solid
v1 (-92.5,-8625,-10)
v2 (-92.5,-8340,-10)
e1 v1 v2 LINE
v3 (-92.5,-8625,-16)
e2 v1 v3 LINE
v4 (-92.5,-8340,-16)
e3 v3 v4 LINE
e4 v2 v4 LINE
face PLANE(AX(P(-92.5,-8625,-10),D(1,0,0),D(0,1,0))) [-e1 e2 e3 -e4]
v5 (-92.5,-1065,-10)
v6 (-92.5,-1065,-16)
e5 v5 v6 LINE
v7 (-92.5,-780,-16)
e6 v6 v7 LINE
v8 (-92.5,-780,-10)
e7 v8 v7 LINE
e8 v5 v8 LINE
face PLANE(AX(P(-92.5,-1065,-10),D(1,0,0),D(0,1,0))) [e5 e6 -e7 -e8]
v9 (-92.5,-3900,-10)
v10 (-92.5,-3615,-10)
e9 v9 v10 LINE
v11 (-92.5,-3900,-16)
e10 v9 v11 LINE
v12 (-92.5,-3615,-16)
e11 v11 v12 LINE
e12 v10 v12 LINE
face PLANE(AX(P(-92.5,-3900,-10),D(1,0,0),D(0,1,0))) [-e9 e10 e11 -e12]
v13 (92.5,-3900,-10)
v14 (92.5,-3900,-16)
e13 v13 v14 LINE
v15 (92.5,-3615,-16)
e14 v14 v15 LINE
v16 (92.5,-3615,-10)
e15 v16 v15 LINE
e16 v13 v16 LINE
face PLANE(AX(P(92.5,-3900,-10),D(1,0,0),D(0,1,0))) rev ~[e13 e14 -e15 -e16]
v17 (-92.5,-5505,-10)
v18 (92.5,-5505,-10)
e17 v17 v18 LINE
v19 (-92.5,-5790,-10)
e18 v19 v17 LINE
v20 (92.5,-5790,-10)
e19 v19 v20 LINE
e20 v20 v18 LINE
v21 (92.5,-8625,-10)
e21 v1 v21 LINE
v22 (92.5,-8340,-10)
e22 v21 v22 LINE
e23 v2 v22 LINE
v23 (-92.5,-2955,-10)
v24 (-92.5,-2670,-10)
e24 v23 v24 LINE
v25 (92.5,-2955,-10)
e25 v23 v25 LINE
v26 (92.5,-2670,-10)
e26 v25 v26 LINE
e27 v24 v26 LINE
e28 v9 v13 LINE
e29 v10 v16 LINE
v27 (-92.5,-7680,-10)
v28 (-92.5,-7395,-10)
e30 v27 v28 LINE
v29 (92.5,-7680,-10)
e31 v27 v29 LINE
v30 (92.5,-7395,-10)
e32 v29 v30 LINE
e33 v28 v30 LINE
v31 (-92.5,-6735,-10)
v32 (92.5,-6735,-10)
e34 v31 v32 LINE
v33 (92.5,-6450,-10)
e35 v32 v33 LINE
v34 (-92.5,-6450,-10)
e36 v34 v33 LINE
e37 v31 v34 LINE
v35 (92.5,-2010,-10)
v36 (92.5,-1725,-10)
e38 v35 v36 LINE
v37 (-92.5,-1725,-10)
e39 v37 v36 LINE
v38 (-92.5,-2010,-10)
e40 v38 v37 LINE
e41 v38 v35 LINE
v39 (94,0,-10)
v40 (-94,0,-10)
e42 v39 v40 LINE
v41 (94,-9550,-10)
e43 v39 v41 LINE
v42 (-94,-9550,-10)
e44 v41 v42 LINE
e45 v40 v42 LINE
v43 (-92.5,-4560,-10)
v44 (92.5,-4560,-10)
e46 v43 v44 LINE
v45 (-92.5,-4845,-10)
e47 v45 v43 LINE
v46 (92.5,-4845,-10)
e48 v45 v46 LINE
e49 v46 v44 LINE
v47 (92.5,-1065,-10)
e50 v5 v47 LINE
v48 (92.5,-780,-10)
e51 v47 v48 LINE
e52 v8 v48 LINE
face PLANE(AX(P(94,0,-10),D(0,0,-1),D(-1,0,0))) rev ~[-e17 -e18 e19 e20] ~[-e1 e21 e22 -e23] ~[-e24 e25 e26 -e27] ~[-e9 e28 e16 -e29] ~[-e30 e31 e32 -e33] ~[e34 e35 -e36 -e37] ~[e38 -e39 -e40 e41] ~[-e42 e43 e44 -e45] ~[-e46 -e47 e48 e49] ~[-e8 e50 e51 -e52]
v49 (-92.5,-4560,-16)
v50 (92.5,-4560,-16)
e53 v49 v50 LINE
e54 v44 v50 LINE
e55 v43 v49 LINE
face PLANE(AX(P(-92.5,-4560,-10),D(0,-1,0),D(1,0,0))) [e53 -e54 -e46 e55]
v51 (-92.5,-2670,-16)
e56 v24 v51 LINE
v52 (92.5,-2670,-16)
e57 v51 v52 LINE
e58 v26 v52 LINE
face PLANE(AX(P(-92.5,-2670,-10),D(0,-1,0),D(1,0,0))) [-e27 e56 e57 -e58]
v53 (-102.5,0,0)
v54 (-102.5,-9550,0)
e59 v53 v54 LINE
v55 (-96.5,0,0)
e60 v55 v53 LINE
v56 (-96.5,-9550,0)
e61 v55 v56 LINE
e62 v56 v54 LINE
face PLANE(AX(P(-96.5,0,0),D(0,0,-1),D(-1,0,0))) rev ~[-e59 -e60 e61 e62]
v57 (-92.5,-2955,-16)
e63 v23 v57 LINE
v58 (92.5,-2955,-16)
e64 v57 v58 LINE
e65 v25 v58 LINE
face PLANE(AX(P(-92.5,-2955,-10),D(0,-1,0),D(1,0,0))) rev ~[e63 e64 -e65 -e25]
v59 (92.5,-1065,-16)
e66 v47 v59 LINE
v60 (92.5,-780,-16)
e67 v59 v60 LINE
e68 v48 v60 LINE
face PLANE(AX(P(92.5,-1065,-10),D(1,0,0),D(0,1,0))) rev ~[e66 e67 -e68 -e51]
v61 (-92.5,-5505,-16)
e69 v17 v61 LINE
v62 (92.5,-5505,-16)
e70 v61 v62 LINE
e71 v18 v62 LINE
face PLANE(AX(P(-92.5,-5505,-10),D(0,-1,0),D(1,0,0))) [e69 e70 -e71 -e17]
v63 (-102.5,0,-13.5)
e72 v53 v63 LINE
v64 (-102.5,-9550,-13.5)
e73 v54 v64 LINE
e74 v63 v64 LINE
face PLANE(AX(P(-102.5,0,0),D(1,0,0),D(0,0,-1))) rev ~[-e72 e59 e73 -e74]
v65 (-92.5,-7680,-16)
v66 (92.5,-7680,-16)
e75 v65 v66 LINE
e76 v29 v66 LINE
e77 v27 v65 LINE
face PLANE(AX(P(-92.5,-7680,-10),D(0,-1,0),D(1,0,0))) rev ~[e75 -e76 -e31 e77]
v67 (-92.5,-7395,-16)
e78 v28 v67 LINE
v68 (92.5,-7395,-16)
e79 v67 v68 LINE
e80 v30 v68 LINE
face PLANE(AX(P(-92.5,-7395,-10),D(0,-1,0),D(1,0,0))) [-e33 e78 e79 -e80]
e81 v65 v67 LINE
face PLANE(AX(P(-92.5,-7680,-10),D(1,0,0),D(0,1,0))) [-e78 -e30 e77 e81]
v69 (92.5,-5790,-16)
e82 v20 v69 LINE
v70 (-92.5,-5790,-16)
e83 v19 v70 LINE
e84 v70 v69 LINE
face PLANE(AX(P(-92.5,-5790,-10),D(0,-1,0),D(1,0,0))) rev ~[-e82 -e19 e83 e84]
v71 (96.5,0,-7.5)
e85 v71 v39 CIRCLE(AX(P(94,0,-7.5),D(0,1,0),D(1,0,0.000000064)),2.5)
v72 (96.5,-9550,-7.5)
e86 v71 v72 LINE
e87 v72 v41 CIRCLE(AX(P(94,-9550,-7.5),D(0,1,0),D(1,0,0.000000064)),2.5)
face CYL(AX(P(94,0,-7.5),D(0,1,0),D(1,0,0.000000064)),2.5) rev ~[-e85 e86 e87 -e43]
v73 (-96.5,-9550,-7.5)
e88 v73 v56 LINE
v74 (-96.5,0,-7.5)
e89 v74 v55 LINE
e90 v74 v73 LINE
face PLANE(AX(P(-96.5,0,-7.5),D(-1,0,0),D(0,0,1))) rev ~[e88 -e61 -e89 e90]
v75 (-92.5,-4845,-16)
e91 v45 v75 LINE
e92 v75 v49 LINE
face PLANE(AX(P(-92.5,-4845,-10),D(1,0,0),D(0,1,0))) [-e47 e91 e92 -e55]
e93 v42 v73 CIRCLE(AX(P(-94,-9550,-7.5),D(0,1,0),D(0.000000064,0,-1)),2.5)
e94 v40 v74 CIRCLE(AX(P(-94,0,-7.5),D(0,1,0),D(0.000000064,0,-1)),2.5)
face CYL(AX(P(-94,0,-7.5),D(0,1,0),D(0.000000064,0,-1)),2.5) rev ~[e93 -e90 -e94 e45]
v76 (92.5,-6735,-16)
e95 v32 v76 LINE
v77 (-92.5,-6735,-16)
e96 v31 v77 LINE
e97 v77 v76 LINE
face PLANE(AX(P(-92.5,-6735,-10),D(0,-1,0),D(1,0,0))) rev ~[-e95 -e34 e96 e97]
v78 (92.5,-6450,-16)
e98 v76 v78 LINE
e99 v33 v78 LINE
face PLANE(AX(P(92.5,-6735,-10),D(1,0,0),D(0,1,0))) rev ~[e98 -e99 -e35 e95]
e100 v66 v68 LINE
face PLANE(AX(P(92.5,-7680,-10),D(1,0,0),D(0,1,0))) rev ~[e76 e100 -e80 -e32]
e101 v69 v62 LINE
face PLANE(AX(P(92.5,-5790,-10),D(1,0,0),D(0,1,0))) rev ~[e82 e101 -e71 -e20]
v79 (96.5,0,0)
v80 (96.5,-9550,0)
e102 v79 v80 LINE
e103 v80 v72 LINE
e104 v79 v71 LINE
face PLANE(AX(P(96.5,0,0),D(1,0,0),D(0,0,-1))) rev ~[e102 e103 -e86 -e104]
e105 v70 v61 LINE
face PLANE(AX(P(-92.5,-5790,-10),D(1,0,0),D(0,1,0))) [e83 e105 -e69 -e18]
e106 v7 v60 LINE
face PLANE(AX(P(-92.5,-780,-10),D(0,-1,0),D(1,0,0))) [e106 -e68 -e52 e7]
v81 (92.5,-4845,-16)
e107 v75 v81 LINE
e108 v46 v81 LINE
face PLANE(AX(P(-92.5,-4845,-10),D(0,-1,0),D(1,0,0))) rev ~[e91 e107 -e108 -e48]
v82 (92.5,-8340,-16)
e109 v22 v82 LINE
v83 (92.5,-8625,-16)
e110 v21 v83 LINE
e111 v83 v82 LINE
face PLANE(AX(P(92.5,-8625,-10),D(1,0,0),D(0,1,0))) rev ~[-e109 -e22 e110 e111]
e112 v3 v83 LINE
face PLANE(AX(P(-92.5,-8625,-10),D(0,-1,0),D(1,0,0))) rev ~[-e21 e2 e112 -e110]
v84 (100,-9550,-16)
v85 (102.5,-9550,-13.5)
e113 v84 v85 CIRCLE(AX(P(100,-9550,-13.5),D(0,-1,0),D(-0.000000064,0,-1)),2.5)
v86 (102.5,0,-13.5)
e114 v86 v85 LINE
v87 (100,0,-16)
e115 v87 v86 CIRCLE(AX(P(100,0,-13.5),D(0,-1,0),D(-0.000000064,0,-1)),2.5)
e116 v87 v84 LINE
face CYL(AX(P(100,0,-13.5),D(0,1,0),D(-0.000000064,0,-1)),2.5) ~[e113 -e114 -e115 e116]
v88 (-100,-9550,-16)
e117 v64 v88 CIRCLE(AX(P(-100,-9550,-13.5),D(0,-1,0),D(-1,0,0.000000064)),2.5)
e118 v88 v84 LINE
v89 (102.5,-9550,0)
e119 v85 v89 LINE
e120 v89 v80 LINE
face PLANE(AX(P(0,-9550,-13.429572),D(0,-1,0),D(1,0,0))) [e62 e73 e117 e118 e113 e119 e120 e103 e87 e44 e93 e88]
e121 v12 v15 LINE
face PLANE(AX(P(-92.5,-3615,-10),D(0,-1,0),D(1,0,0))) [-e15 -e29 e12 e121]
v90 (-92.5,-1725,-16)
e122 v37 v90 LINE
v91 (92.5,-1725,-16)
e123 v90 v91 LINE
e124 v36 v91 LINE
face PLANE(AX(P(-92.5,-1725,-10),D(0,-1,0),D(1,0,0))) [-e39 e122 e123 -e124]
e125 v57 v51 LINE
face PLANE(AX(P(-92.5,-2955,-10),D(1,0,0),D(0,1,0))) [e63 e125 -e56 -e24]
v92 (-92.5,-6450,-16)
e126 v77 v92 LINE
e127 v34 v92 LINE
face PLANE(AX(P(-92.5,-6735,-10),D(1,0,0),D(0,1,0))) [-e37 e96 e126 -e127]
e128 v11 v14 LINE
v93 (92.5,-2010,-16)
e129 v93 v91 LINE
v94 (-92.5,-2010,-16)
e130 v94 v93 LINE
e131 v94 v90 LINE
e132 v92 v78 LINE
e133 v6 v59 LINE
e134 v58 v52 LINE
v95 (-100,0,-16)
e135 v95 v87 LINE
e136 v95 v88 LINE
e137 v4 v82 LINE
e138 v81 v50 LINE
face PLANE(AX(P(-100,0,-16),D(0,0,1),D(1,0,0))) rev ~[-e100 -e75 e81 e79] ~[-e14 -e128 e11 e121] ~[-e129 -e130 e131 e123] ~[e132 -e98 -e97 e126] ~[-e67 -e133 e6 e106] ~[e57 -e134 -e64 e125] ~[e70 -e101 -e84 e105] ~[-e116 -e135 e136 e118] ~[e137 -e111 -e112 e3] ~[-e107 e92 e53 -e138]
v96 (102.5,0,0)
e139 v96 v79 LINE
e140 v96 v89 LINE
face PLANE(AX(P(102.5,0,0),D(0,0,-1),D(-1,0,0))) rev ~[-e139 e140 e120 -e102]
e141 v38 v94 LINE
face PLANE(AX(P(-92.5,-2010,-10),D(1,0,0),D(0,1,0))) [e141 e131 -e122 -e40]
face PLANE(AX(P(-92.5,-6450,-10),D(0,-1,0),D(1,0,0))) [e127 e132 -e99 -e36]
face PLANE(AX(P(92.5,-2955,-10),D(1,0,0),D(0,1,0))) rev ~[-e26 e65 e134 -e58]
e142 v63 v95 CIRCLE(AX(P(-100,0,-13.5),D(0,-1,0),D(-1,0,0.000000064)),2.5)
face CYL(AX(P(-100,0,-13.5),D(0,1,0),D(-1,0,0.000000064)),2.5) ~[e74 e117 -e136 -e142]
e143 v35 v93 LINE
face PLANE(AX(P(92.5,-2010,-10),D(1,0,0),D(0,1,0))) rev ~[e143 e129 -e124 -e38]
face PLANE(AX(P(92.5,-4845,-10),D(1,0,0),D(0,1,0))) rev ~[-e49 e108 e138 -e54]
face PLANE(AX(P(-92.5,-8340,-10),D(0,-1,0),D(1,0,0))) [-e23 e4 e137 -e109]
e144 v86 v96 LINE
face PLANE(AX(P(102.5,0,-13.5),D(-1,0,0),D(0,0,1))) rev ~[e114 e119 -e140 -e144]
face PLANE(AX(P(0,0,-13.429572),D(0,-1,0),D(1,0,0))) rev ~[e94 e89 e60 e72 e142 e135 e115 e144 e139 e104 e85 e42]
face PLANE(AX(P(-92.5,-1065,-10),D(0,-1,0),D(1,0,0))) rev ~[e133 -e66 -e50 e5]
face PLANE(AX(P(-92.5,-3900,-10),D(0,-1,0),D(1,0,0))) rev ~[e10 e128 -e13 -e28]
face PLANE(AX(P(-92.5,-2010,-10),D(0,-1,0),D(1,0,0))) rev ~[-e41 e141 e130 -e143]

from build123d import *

# Parameters (mm, degrees)
F1_DEPTH = 9550
F2_W     = 185
F2_H     = 285
F3_DEPTH = 25


with BuildPart() as f1:
    # F0 (on Front) → F1 (new body)
    with BuildSketch(Plane.XZ):
        with BuildLine():
            Line((-100, -16), (100, -16))
            ThreePointArc((100, -16), (101.767767, -15.267767), (102.5, -13.5))
            Line((102.5, -13.5), (102.5, 0))
            Line((102.5, 0), (99.5, 0))
            Line((99.5, 0), (99.5, -10.5))
            ThreePointArc((99.5, -10.5), (98.767767, -12.267767), (97, -13))
            Line((97, -13), (-97, -13))
            ThreePointArc((-97, -13), (-98.767767, -12.267767), (-99.5, -10.5))
            Line((-99.5, -10.5), (-99.5, 0))
            Line((-99.5, 0), (-102.5, 0))
            Line((-102.5, 0), (-102.5, -13.5))
            ThreePointArc((-102.5, -13.5), (-101.767767, -15.267767), (-100, -16))
        make_face()
        with BuildLine():
            Line((99.5, -10.5), (99.5, 0))
            Line((99.5, 0), (96.5, 0))
            Line((96.5, 0), (96.5, -7.5))
            ThreePointArc((96.5, -7.5), (95.767767, -9.267767), (94, -10))
            Line((94, -10), (-94, -10))
            ThreePointArc((-94, -10), (-95.767767, -9.267767), (-96.5, -7.5))
            Line((-96.5, -7.5), (-96.5, 0))
            Line((-96.5, 0), (-99.5, 0))
            Line((-99.5, 0), (-99.5, -10.5))
            ThreePointArc((-99.5, -10.5), (-98.767767, -12.267767), (-97, -13))
            Line((-97, -13), (97, -13))
            ThreePointArc((97, -13), (98.767767, -12.267767), (99.5, -10.5))
        make_face()
    extrude(amount=F1_DEPTH)

    # F2 (on face) → F3 (cut)
    with BuildSketch(Plane.XY.offset(-10)):
        with Locations((0, -8482.5)):
            Rectangle(F2_W, F2_H)
        with Locations((0, -7537.5)):
            Rectangle(F2_W, F2_H)
        with Locations((0, -6592.5)):
            Rectangle(F2_W, F2_H)
        with Locations((0, -5647.5)):
            Rectangle(F2_W, F2_H)
        with Locations((0, -4702.5)):
            Rectangle(F2_W, F2_H)
        with Locations((0, -3757.5)):
            Rectangle(F2_W, F2_H)
        with Locations((0, -2812.5)):
            Rectangle(F2_W, F2_H)
        with Locations((0, -1867.5)):
            Rectangle(F2_W, F2_H)
        with Locations((0, -922.5)):
            Rectangle(F2_W, F2_H)
    extrude(amount=-F3_DEPTH, mode=Mode.SUBTRACT)


solid = f1.part
